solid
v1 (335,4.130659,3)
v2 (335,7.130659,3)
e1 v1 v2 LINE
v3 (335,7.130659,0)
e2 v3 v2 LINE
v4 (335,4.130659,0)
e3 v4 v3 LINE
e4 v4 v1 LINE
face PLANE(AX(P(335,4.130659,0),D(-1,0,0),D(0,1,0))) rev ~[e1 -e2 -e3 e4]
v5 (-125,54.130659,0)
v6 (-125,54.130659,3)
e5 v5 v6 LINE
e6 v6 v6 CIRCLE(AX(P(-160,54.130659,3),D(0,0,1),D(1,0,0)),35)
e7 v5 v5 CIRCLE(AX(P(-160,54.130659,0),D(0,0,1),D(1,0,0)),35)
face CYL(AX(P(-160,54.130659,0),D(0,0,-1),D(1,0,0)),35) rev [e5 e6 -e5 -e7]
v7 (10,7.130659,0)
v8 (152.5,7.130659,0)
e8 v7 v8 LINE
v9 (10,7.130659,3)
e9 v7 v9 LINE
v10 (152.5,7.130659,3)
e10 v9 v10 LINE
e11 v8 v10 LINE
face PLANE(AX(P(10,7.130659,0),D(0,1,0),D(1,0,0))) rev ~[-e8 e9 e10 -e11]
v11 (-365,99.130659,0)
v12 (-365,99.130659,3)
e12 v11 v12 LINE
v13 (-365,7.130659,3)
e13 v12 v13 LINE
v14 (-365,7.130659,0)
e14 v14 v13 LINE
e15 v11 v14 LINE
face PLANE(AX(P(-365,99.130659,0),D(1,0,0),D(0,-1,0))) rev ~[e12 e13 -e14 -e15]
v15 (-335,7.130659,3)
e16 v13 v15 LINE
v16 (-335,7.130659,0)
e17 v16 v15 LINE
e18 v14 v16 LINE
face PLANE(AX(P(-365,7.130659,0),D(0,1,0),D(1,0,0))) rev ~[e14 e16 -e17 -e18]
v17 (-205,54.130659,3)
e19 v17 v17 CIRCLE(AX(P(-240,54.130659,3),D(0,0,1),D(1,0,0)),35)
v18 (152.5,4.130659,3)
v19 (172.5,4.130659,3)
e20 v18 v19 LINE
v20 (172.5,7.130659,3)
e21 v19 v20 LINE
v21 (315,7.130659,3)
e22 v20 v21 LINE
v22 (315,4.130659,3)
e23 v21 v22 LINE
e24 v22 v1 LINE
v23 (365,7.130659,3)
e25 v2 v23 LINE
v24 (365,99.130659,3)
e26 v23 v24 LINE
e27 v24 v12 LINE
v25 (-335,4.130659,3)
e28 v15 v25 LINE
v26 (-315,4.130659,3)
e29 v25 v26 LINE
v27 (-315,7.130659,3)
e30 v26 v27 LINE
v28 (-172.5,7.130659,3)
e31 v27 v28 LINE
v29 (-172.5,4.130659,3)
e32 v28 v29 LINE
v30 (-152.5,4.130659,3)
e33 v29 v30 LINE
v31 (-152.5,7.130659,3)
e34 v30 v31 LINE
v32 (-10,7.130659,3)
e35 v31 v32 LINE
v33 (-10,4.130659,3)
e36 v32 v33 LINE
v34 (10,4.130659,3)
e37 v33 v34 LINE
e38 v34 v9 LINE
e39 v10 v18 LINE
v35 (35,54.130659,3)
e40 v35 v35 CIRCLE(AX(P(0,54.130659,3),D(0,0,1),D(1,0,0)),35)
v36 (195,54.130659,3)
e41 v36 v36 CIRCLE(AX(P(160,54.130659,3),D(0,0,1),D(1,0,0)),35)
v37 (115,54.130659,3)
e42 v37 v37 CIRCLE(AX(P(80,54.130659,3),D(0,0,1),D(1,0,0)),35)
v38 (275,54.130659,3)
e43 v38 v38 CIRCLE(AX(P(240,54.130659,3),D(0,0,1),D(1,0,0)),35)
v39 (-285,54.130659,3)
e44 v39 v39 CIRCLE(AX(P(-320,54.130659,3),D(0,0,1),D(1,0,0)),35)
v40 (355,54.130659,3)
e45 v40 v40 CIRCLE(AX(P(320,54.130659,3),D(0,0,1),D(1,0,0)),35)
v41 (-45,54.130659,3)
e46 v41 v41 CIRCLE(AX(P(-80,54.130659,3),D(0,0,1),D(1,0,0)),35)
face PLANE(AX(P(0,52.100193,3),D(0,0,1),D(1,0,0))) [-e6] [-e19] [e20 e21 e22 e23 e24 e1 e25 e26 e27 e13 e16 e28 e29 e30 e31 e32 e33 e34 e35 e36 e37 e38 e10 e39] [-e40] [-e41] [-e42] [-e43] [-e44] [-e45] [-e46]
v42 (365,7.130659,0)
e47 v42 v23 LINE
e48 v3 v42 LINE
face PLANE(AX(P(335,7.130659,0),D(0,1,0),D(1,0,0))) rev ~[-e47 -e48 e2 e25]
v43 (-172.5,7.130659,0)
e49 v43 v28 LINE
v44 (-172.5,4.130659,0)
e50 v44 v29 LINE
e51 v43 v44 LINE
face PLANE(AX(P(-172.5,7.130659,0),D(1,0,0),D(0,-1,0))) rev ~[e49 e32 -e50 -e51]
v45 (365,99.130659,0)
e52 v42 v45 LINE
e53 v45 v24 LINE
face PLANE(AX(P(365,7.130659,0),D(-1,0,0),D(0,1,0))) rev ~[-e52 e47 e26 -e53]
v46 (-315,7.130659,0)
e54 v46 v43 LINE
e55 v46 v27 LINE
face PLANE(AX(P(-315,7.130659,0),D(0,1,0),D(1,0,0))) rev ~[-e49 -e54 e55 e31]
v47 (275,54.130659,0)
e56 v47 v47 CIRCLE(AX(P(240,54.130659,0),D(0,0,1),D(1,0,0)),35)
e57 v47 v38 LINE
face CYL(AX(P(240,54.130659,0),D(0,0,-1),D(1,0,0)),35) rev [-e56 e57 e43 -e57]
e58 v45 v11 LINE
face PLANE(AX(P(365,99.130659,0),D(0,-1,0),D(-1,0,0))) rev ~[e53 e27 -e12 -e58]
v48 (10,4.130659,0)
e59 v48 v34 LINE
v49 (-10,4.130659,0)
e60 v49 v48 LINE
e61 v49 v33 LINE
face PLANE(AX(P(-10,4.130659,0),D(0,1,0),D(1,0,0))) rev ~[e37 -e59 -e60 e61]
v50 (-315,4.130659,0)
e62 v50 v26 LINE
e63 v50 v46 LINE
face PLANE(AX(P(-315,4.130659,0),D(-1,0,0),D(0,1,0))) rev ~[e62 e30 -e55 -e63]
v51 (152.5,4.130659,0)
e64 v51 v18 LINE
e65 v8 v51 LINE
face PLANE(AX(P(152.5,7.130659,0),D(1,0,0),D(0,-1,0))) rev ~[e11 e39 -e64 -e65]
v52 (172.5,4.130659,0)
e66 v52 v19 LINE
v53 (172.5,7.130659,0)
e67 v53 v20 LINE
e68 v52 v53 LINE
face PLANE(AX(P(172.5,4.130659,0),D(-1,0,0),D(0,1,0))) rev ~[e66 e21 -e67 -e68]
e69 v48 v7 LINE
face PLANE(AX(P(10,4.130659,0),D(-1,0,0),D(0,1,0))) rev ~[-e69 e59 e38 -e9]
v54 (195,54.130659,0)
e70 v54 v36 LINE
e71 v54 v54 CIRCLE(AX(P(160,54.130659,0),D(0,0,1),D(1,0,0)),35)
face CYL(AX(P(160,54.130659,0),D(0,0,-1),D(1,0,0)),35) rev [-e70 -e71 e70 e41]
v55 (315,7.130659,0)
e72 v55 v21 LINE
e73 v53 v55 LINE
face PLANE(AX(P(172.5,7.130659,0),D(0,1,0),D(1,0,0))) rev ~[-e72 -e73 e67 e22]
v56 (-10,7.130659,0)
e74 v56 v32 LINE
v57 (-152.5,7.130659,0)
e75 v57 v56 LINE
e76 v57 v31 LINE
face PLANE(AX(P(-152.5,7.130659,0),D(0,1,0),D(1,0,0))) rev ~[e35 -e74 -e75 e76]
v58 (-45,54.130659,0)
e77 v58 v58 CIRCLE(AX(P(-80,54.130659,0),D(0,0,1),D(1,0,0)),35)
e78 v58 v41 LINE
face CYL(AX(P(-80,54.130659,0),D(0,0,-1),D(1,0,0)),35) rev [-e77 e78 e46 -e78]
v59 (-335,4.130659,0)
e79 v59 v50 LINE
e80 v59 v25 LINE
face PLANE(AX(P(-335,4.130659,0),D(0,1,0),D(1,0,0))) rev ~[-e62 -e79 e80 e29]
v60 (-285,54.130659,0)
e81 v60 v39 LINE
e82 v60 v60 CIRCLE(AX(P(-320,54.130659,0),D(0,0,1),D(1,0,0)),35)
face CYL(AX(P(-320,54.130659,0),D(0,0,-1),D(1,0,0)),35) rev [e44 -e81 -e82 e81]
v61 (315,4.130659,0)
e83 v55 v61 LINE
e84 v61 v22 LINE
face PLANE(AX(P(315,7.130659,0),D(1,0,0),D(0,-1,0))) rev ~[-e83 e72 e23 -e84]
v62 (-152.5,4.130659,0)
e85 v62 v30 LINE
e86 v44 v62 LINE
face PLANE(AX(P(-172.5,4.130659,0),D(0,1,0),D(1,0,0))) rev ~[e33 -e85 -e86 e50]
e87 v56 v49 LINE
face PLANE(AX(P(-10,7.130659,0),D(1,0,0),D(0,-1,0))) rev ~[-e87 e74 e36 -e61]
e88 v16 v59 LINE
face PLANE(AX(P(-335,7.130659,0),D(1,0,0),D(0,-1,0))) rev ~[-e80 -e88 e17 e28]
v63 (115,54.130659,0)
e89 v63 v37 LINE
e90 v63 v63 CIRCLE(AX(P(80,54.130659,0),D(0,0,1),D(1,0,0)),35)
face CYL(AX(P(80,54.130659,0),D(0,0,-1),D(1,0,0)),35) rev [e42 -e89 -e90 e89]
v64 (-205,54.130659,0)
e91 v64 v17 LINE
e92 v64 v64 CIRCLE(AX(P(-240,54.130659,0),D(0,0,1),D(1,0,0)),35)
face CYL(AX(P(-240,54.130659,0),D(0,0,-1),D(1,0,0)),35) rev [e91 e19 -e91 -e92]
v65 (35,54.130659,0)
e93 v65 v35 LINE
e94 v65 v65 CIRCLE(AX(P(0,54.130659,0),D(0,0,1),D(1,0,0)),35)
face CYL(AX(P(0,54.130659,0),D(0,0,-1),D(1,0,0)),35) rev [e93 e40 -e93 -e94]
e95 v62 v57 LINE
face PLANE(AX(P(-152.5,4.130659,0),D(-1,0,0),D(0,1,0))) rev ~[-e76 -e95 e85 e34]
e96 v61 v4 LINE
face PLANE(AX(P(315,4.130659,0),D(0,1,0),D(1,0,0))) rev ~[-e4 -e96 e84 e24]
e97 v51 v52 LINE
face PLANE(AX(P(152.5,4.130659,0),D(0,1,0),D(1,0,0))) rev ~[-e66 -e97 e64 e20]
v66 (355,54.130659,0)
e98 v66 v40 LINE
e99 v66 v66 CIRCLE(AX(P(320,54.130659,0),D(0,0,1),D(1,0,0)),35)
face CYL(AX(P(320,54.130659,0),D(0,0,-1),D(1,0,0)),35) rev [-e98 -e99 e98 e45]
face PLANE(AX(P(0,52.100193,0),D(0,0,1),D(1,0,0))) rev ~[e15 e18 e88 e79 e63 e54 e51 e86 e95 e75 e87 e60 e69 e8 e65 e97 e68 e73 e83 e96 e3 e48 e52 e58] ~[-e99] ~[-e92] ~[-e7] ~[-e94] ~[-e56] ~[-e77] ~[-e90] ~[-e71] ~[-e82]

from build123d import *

# Parameters (mm, degrees)
F0_R     = 35
F1_DEPTH = 3


with BuildPart() as f1:
    # F0 (on Top) → F1 (new body)
    with BuildSketch(Plane.XY):
        Polygon((365, 99.130659), (-365, 99.130659), (-365, 7.130659), (-335, 7.130659), (-335, 4.130659), (-325, 4.130659), (-315, 4.130659), (-315, 7.130659), (-172.5, 7.130659), (-172.5, 4.130659), (-162.5, 4.130659), (-152.5, 4.130659), (-152.5, 7.130659), (-10, 7.130659), (-10, 4.130659), (0, 4.130659), (10, 4.130659), (10, 7.130659), (152.5, 7.130659), (152.5, 4.130659), (162.5, 4.130659), (172.5, 4.130659), (172.5, 7.130659), (315, 7.130659), (315, 4.130659), (325, 4.130659), (335, 4.130659), (335, 7.130659), (365, 7.130659), align=None)
        with Locations((-320, 54.130659)):
            Circle(F0_R, mode=Mode.SUBTRACT)
        with Locations((-240, 54.130659)):
            Circle(F0_R, mode=Mode.SUBTRACT)
        with Locations((-160, 54.130659)):
            Circle(F0_R, mode=Mode.SUBTRACT)
        with Locations((-80, 54.130659)):
            Circle(F0_R, mode=Mode.SUBTRACT)
        with Locations((0, 54.130659)):
            Circle(F0_R, mode=Mode.SUBTRACT)
        with Locations((80, 54.130659)):
            Circle(F0_R, mode=Mode.SUBTRACT)
        with Locations((160, 54.130659)):
            Circle(F0_R, mode=Mode.SUBTRACT)
        with Locations((240, 54.130659)):
            Circle(F0_R, mode=Mode.SUBTRACT)
        with Locations((320, 54.130659)):
            Circle(F0_R, mode=Mode.SUBTRACT)
    extrude(amount=F1_DEPTH)


solid = f1.part
